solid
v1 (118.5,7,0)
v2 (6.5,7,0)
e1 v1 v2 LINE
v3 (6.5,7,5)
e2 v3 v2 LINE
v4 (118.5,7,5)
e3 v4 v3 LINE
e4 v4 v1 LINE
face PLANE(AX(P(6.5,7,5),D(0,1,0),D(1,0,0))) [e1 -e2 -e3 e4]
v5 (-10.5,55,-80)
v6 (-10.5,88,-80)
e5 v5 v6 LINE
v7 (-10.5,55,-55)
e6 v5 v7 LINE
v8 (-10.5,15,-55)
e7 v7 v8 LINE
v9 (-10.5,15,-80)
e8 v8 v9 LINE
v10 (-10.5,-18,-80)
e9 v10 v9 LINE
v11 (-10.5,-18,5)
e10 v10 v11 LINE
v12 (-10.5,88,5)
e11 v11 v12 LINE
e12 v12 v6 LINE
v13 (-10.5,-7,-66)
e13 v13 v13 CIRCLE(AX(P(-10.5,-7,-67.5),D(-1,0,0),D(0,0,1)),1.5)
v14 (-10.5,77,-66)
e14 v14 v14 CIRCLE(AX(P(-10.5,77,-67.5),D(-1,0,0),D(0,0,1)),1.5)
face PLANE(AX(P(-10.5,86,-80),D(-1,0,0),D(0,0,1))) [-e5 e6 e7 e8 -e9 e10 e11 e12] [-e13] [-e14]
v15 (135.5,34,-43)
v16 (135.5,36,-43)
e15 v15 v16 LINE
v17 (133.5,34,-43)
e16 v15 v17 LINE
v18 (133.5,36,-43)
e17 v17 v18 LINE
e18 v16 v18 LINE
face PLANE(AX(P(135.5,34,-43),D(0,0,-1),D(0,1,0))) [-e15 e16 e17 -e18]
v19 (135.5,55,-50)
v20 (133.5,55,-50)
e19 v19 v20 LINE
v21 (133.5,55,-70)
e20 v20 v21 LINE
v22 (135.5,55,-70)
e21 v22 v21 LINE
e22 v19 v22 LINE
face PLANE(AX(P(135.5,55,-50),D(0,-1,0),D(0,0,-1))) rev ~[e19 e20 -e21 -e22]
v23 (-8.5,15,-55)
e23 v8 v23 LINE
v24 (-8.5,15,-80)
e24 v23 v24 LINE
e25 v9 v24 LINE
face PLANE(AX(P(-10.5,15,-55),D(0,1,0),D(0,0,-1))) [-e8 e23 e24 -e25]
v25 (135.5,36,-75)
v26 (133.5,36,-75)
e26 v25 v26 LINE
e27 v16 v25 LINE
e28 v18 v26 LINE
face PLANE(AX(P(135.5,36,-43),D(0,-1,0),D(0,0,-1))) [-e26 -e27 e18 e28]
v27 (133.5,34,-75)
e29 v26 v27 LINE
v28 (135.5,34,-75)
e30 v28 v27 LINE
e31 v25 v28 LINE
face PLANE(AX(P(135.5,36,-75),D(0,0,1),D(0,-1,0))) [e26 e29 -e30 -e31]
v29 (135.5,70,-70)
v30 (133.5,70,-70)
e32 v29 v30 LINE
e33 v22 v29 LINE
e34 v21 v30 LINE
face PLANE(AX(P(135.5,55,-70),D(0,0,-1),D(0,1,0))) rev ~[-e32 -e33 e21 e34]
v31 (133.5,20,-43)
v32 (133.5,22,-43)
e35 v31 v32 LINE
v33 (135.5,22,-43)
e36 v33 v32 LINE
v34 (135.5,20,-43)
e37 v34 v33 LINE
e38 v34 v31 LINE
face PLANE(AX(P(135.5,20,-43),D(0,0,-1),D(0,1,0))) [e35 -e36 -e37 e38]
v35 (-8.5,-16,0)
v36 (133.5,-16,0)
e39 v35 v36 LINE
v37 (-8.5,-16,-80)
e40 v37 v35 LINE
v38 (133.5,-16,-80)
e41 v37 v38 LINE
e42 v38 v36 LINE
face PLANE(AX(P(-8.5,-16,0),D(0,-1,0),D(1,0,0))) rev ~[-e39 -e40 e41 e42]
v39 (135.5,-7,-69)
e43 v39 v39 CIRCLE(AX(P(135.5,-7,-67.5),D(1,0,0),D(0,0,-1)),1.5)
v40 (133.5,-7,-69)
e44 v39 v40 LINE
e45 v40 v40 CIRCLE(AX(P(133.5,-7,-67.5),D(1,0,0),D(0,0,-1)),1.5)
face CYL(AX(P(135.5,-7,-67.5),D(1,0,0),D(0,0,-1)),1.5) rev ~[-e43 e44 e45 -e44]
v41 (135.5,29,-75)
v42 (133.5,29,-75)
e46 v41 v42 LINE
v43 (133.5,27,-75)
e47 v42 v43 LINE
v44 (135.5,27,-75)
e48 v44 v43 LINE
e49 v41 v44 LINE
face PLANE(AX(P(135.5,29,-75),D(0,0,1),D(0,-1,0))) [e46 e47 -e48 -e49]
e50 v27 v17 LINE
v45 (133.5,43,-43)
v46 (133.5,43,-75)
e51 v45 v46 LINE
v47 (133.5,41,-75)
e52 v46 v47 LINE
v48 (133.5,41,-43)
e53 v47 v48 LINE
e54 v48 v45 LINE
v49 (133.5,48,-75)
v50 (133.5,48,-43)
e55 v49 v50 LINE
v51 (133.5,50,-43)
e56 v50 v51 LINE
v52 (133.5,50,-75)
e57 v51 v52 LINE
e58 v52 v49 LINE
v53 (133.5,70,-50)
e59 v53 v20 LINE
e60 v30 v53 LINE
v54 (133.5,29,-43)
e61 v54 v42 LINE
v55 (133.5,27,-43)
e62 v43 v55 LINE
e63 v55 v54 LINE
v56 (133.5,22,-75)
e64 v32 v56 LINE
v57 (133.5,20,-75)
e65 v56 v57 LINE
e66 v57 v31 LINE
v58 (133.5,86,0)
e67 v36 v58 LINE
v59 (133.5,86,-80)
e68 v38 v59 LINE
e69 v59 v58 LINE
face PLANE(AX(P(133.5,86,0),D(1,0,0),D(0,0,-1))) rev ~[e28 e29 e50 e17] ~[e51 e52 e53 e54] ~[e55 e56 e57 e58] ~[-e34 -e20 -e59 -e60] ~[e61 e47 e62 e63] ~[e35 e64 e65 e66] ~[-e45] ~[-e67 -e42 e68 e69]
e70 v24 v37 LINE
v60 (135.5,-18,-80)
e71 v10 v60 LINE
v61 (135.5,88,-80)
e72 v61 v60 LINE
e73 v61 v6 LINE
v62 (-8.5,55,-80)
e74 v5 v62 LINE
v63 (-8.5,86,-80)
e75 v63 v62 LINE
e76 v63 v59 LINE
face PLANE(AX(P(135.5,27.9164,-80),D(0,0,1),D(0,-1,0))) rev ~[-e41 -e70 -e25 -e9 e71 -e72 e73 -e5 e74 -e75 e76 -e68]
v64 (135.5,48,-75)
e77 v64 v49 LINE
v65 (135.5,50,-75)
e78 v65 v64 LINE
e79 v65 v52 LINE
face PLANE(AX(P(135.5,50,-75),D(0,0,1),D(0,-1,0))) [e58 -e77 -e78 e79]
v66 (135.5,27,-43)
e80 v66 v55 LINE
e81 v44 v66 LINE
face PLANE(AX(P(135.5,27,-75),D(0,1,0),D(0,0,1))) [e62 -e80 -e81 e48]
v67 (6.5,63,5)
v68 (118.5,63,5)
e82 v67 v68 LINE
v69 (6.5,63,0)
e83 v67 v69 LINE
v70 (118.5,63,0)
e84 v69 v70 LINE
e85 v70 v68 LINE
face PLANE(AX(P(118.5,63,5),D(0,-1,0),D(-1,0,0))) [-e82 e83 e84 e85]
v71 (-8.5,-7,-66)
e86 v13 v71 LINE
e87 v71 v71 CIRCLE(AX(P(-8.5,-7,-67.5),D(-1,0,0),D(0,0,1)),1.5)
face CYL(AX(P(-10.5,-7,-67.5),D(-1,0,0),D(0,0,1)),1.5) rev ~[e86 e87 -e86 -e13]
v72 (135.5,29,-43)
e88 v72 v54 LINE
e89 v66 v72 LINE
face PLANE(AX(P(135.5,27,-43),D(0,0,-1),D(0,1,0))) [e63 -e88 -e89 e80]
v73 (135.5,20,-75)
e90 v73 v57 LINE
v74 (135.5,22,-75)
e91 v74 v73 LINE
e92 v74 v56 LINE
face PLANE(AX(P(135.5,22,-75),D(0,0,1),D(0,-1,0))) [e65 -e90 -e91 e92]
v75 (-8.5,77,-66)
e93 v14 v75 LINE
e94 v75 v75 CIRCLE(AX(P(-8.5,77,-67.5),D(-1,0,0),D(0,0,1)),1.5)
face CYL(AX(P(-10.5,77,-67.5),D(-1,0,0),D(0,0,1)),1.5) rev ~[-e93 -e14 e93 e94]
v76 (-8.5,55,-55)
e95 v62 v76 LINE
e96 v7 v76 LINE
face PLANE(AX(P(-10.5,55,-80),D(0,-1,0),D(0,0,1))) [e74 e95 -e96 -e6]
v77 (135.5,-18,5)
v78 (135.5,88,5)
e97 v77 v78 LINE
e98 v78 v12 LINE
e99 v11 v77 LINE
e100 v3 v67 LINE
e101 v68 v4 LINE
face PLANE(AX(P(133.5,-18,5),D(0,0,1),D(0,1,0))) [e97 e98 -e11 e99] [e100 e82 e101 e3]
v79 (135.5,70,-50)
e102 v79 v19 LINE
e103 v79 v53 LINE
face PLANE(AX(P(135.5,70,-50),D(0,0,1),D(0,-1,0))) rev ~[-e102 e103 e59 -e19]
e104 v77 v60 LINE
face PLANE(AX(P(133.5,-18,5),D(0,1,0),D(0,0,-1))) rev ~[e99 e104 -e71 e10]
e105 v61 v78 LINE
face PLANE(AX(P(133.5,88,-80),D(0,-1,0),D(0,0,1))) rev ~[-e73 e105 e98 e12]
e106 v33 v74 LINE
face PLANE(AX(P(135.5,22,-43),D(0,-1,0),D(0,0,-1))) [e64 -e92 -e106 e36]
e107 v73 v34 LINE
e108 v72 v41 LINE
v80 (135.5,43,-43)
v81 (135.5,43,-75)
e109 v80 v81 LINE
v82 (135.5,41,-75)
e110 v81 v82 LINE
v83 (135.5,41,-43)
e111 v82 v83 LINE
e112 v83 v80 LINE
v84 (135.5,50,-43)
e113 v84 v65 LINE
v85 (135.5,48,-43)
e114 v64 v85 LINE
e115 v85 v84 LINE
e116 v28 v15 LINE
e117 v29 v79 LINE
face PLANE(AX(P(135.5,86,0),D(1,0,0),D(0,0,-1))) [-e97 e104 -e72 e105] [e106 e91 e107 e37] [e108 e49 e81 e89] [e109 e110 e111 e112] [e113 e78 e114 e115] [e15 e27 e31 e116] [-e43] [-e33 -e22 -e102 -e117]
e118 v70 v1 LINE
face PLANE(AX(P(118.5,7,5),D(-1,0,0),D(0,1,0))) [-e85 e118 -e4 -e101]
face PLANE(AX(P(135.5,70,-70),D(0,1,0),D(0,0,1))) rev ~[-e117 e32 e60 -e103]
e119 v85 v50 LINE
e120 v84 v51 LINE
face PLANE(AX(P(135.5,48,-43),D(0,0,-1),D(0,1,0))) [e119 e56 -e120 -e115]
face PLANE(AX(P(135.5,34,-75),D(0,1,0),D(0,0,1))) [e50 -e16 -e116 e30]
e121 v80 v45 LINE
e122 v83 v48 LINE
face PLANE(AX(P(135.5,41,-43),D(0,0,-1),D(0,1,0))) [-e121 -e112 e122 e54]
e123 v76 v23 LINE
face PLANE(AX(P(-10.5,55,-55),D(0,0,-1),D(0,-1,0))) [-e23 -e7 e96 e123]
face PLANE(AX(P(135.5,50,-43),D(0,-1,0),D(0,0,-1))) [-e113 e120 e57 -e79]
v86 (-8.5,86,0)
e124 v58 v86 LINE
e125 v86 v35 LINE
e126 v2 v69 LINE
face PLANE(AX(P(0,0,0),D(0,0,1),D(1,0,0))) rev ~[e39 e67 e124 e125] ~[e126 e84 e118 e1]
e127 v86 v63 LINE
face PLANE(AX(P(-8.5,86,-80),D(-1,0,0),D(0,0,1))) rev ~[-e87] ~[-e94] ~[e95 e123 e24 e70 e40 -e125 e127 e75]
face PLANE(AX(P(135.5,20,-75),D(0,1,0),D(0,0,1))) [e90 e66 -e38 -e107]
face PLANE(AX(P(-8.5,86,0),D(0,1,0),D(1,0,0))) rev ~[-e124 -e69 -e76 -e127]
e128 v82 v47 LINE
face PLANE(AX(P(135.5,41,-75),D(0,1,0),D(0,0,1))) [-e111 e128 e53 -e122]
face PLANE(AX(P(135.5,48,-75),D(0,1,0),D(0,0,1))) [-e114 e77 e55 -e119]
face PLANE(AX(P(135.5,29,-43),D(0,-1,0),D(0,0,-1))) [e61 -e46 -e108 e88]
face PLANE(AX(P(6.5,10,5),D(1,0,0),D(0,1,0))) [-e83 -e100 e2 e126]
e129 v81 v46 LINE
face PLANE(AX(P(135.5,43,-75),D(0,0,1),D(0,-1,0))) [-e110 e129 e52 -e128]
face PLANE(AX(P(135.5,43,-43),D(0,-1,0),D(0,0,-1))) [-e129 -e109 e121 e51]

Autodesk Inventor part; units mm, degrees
ref_plane "YZ Plane" through (0, 0, 0) normal (1, 0, 0) x (0, 1, 0)
ref_plane "XZ Plane" through (0, 0, 0) normal (0, 1, 0) x (-1, 0, 0)
ref_plane "XY Plane" through (0, 0, 0) normal (0, 0, 1) x (1, 0, 0)
sketch "Sketch1" plane through (0, 0, 0) normal (0, 0, 1) x (1, 0, 0)
  line L0 (0, 0) -> (0, 70) construction
  circle A0 centre (0, 0) radius 2.5
  circle A1 centre (0, 70) radius 2.5
  line L1 (0, 0) -> (125, 0) construction
  circle A2 centre (125, 0) radius 2.5
  circle A3 centre (125, 70) radius 2.5
  line L2 (-8.5, -16) -> (133.5, -16)
  line L3 (133.5, -16) -> (133.5, 86)
  line L4 (133.5, 86) -> (-8.5, 86)
  line L5 (-8.5, 86) -> (-8.5, -16)
  point P0 (62.5, 0)
  point P1 (62.5, -16)
  point P2 (0, 35)
  point P3 (-8.5, 35)
  dimension "d0" = 70
  dimension "d1" = 5
  dimension "d2" = 5
  dimension "d3" = 5
  dimension "d4" = 5
  dimension "d5" = 125
  dimension "d6" = 142
  dimension "d7" = 102
extrude "Extrusion1" add sketch "Sketch1" along normal blind 5
sketch "Sketch2" plane through (0, 0, 5) normal (0, 0, 1) x (1, 0, 0)
  line L0 (6.5, 60) -> (118.5, 60)
  line L1 (118.5, 60) -> (118.5, 10)
  line L2 (118.5, 10) -> (6.5, 10)
  line L3 (6.5, 10) -> (6.5, 60)
  line L4 (-8.5, 86) -> (-8.5, -16) projected
  line L5 (133.5, 86) -> (-8.5, 86) projected
  point P0 (0, 0)
  point P1 (62.5, 60)
  point P2 (62.5, 86)
  point P3 (6.5, 35)
  point P4 (-8.5, 35)
  dimension "d10" = 15
  dimension "d11" = 50
extrude "Extrusion2" cut sketch "Sketch2" against normal through all
sketch "Sketch3" plane through (-8.5, 86, 0) normal (0, 1, 0) x (1, 0, 0)
  line L0 (142, 0) -> (142, -5) projected
  line L1 (142, -5) -> (0, -5)
  line L2 (0, -5) -> (0, 80)
  line L3 (0, 80) -> (142, 80)
  line L4 (142, 80) -> (142, -5)
  point P0 (8.5, 0)
  dimension "d17" = 85
extrude "Extrusion3" add sketch "Sketch3" along normal blind 2
sketch "Sketch4" plane through (-8.5, -16, 0) normal (0, -1, 0) x (1, 0, 0)
  line L0 (142, 0) -> (0, 0) projected
  line L1 (0, 0) -> (0, -80) projected
  line L2 (0, -80) -> (142, -80) projected
  line L3 (142, -80) -> (142, 0) projected
  line L4 (0, 0) -> (142, 0) projected
  line L5 (142, 0) -> (142, 5) projected
  line L6 (0, 5) -> (142, 5) projected
  line L7 (0, 0) -> (0, 5) projected
  point P0 (8.5, 0)
extrude "Extrusion4" add sketch "Sketch4" along normal blind 2
sketch "Sketch5" plane through (-8.5, 86, -80) normal (-1, 0, 0) x (0, 0, 1)
  line L0 (85, -104) -> (85, 2) projected
  line L1 (0, -102) -> (0, -104) projected
  line L2 (85, 2) -> (0, 2)
  line L3 (0, 2) -> (0, -104)
  line L4 (0, -104) -> (85, -104)
  line L5 (85, -104) -> (85, 2)
  point P0 (80, -86)
extrude "Extrusion5" add sketch "Sketch5" along normal blind 2
sketch "Sketch6" plane through (133.5, 86, 0) normal (1, 0, 0) x (0, 0, -1)
  line L0 (-5, -104) -> (-5, 2) projected
  line L1 (-5, -104) -> (80, -104)
  line L2 (80, -104) -> (80, 2)
  line L3 (80, 2) -> (-5, 2)
  line L4 (-5, 2) -> (-5, -104)
  point P0 (0, -86)
extrude "Extrusion6" add sketch "Sketch6" along normal blind 2
sketch "Sketch7" plane through (0, 0, 5) normal (0, 0, 1) x (1, 0, 0)
  line L0 (118.5, 10) -> (6.5, 10) construction
  line L1 (6.5, 60) -> (118.5, 60) construction
  line L2 (6.5, 10) -> (6.5, 60) construction
  line L3 (118.5, 60) -> (118.5, 10) construction
  line L4 (6.5, 60) -> (61.5, 60)
  line L5 (61.5, 60) -> (61.5, 50)
  line L6 (61.5, 50) -> (6.5, 50)
  line L7 (6.5, 50) -> (6.5, 60)
  line L8 (118.5, 10) -> (63.5, 10)
  line L9 (63.5, 10) -> (63.5, 20)
  line L10 (63.5, 20) -> (118.5, 20)
  line L11 (118.5, 20) -> (118.5, 10)
  line L12 (118.5, 10) -> (6.5, 10) projected
  line L13 (6.5, 60) -> (118.5, 60) projected
  line L14 (6.5, 10) -> (6.5, 60) projected
  point P0 (0, 0)
  point P1 (62.5, 10)
  point P2 (62.5, 60)
  point P3 (6.5, 35)
  dimension "d26" = 55
  dimension "d27" = 10
  dimension "d28" = 55
  dimension "d29" = 10
extrude "Extrusion7" add sketch "Sketch7" against normal blind 5
chamfer "Chamfer2" distance 3 angle 45 4 edges at (35, 10, 0) (90, 60, 0) (91, 20, 5) (34, 50, 5)
sketch "Sketch8" plane through (135.5, 86, 0) normal (1, 0, 0) x (0, 0, -1)
  line L0 (80, -104) -> (80, 2) projected
  line L1 (80, -102) -> (80, 0) projected
  line L2 (80, -51) -> (93.9386, -51)
  line L3 (80, -78.0836) -> (55, -78.0836)
  line L4 (55, -78.0836) -> (55, -58.0836)
  line L5 (55, -58.0836) -> (80, -58.0836)
  line L6 (80, -58.0836) -> (80, -78.0836)
  point P0 (0, -86)
  dimension "d36" = 20
  dimension "d37" = 25
  dimension "d40" = 7.0836
extrude "Extrusion8" cut sketch "Sketch8" against normal blind 10
sketch "Sketch9" plane through (-10.5, 86, -80) normal (-1, 0, 0) x (0, 0, 1)
  line L0 (0, -58.0836) -> (0, 0) projected
  line L1 (0, -31) -> (25, -31)
  line L2 (25, -31) -> (25, -71)
  line L3 (25, -71) -> (0, -71)
  line L4 (0, -71) -> (0, -31)
  line L5 (0, 2) -> (0, -104) projected
  line L6 (0, -71) -> (25, -71)
  line L7 (25, -71) -> (25, -31)
  line L8 (25, -31) -> (0, -31)
  line L9 (0, -31) -> (0, -71)
  point P0 (80, -86)
  point P1 (0, -51)
  dimension "d41" = 40
  dimension "d42" = 25
extrude "Extrusion9" cut sketch "Sketch9" against normal blind 10
sketch "Sketch10" plane through (-10.5, 86, -80) normal (-1, 0, 0) x (0, 0, 1)
  circle A0 centre (12.5, -93) radius 1.5
  circle A1 centre (12.5, -9) radius 1.5
  line L0 (12.5, -93) -> (12.5, -9) construction
  line L1 (85, -104) -> (85, 2) projected
  line L2 (25, -71) -> (0, -71) projected
  point P0 (80, -86)
  point P1 (85, -51)
  point P2 (12.5, -51)
  point P3 (12.5, -71)
  point P4 (12.5, -71)
  dimension "d45" = 3
  dimension "d46" = 3
  dimension "d47" = 84
extrude "Extrusion10" cut sketch "Sketch10" against normal blind 10
sketch "Sketch11" plane through (0, 0, 5) normal (0, 0, 1) x (1, 0, 0)
  circle A0 centre (0, 0) radius 2.5 projected
  circle A1 centre (0, 70) radius 2.5 projected
  circle A2 centre (125, 0) radius 2.5 projected
  circle A3 centre (125, 70) radius 2.5 projected
extrude "Extrusion11" add sketch "Sketch11" against normal blind 5
sketch "Sketch12" plane through (0, 0, 5) normal (0, 0, 1) x (1, 0, 0)
  line L0 (118.5, 20) -> (118.5, 63) projected
  line L1 (6.5, 7) -> (118.5, 7)
  line L2 (118.5, 7) -> (118.5, 63)
  line L3 (118.5, 63) -> (6.5, 63)
  line L4 (6.5, 63) -> (6.5, 7)
  point P0 (0, 0)
extrude "Extrusion12" cut sketch "Sketch12" along normal through all both and the other way through all
sketch "Sketch13" plane through (135.5, 86, 0) normal (1, 0, 0) x (0, 0, -1)
  line L0 (55, -58.0836) -> (80, -58.0836) projected
  line L1 (55, -78.0836) -> (55, -58.0836) projected
  line L2 (80, -78.0836) -> (55, -78.0836) projected
  line L3 (80, -58.0836) -> (80, -78.0836)
  line L4 (80, -71) -> (80, -102) projected
  point P0 (0, -86)
extrude "Extrusion13" add sketch "Sketch13" against normal blind 2
sketch "Sketch15" plane through (135.5, 86, 0) normal (1, 0, 0) x (0, 0, -1)
  line L0 (50, -31) -> (70, -31)
  line L1 (70, -31) -> (70, -16)
  line L2 (70, -16) -> (50, -16)
  line L3 (50, -16) -> (50, -31)
  line L4 (80, -104) -> (80, 2) projected
  line L5 (80, 2) -> (-5, 2) projected
  point P0 (0, -86)
  dimension "d64" = 20
  dimension "d65" = 15
  dimension "d66" = 10
  dimension "d67" = 18
extrude "Extrusion15" cut sketch "Sketch15" against normal blind 10
sketch "Sketch16" plane through (135.5, 86, 0) normal (1, 0, 0) x (0, 0, -1)
  line L0 (70, -31) -> (50, -31) construction
  line L1 (50, -16) -> (70, -16) construction
  line L2 (50, -31) -> (50, -16) construction
  line L3 (70, -16) -> (70, -31) construction
  line L4 (70, -31) -> (70, -16) construction
  line L5 (70, -31) -> (38, -31) construction
  line L6 (38, -31) -> (38, -71) construction
  line L7 (38, -71) -> (80, -71) construction
  line L8 (80, -71) -> (80, -31) construction
  line L9 (43, -66) -> (43, -36) construction
  line L10 (43, -36) -> (75, -36) construction
  line L11 (75, -36) -> (75, -66) construction
  line L12 (75, -66) -> (43, -66) construction
  line L13 (43, -36) -> (75, -36)
  line L14 (75, -36) -> (75, -38)
  line L15 (75, -38) -> (43, -38)
  line L16 (43, -38) -> (43, -36)
  line L17 (75, -66) -> (43, -66)
  line L18 (43, -66) -> (43, -64)
  line L19 (43, -64) -> (75, -64)
  line L20 (75, -64) -> (75, -66)
  line L21 (75, -45) -> (43, -45)
  line L22 (43, -43) -> (75, -43) construction
  line L23 (43, -43) -> (75, -43)
  line L24 (75, -43) -> (75, -45)
  line L25 (43, -45) -> (43, -43)
  line L26 (75, -43) -> (75, -73) construction
  line L27 (75, -52) -> (43, -52)
  line L28 (43, -50) -> (75, -50) construction
  line L29 (43, -50) -> (75, -50)
  line L30 (75, -50) -> (75, -52)
  line L31 (43, -52) -> (43, -50)
  line L32 (75, -50) -> (75, -80) construction
  line L33 (75, -59) -> (43, -59)
  line L34 (43, -57) -> (75, -57) construction
  line L35 (43, -57) -> (75, -57)
  line L36 (75, -57) -> (75, -59)
  line L37 (43, -59) -> (43, -57)
  line L38 (75, -57) -> (75, -87) construction
  line L39 (75, -66) -> (43, -66)
  line L40 (43, -64) -> (75, -64) construction
  line L41 (43, -64) -> (75, -64)
  line L42 (75, -64) -> (75, -66)
  line L43 (43, -66) -> (43, -64)
  line L44 (75, -64) -> (75, -94) construction
  line L45 (80, -104) -> (80, 2) projected
  point P0 (0, -86)
  dimension "d70" = 42
  dimension "d71" = 40
  dimension "d72" = 5
  dimension "d73" = 2
  dimension "d74" = 2
  dimension "d77" = 7
extrude "Extrusion16" cut sketch "Sketch16" against normal blind 10
sketch "Sketch17" plane through (135.5, 86, 0) normal (1, 0, 0) x (0, 0, -1)
  circle A0 centre (67.5, -93) radius 1.5 projected
  point P0 (0, -86)
extrude "Extrusion17" cut sketch "Sketch17" against normal blind 10
properties part number "GA06" material "ABS Plastic"
